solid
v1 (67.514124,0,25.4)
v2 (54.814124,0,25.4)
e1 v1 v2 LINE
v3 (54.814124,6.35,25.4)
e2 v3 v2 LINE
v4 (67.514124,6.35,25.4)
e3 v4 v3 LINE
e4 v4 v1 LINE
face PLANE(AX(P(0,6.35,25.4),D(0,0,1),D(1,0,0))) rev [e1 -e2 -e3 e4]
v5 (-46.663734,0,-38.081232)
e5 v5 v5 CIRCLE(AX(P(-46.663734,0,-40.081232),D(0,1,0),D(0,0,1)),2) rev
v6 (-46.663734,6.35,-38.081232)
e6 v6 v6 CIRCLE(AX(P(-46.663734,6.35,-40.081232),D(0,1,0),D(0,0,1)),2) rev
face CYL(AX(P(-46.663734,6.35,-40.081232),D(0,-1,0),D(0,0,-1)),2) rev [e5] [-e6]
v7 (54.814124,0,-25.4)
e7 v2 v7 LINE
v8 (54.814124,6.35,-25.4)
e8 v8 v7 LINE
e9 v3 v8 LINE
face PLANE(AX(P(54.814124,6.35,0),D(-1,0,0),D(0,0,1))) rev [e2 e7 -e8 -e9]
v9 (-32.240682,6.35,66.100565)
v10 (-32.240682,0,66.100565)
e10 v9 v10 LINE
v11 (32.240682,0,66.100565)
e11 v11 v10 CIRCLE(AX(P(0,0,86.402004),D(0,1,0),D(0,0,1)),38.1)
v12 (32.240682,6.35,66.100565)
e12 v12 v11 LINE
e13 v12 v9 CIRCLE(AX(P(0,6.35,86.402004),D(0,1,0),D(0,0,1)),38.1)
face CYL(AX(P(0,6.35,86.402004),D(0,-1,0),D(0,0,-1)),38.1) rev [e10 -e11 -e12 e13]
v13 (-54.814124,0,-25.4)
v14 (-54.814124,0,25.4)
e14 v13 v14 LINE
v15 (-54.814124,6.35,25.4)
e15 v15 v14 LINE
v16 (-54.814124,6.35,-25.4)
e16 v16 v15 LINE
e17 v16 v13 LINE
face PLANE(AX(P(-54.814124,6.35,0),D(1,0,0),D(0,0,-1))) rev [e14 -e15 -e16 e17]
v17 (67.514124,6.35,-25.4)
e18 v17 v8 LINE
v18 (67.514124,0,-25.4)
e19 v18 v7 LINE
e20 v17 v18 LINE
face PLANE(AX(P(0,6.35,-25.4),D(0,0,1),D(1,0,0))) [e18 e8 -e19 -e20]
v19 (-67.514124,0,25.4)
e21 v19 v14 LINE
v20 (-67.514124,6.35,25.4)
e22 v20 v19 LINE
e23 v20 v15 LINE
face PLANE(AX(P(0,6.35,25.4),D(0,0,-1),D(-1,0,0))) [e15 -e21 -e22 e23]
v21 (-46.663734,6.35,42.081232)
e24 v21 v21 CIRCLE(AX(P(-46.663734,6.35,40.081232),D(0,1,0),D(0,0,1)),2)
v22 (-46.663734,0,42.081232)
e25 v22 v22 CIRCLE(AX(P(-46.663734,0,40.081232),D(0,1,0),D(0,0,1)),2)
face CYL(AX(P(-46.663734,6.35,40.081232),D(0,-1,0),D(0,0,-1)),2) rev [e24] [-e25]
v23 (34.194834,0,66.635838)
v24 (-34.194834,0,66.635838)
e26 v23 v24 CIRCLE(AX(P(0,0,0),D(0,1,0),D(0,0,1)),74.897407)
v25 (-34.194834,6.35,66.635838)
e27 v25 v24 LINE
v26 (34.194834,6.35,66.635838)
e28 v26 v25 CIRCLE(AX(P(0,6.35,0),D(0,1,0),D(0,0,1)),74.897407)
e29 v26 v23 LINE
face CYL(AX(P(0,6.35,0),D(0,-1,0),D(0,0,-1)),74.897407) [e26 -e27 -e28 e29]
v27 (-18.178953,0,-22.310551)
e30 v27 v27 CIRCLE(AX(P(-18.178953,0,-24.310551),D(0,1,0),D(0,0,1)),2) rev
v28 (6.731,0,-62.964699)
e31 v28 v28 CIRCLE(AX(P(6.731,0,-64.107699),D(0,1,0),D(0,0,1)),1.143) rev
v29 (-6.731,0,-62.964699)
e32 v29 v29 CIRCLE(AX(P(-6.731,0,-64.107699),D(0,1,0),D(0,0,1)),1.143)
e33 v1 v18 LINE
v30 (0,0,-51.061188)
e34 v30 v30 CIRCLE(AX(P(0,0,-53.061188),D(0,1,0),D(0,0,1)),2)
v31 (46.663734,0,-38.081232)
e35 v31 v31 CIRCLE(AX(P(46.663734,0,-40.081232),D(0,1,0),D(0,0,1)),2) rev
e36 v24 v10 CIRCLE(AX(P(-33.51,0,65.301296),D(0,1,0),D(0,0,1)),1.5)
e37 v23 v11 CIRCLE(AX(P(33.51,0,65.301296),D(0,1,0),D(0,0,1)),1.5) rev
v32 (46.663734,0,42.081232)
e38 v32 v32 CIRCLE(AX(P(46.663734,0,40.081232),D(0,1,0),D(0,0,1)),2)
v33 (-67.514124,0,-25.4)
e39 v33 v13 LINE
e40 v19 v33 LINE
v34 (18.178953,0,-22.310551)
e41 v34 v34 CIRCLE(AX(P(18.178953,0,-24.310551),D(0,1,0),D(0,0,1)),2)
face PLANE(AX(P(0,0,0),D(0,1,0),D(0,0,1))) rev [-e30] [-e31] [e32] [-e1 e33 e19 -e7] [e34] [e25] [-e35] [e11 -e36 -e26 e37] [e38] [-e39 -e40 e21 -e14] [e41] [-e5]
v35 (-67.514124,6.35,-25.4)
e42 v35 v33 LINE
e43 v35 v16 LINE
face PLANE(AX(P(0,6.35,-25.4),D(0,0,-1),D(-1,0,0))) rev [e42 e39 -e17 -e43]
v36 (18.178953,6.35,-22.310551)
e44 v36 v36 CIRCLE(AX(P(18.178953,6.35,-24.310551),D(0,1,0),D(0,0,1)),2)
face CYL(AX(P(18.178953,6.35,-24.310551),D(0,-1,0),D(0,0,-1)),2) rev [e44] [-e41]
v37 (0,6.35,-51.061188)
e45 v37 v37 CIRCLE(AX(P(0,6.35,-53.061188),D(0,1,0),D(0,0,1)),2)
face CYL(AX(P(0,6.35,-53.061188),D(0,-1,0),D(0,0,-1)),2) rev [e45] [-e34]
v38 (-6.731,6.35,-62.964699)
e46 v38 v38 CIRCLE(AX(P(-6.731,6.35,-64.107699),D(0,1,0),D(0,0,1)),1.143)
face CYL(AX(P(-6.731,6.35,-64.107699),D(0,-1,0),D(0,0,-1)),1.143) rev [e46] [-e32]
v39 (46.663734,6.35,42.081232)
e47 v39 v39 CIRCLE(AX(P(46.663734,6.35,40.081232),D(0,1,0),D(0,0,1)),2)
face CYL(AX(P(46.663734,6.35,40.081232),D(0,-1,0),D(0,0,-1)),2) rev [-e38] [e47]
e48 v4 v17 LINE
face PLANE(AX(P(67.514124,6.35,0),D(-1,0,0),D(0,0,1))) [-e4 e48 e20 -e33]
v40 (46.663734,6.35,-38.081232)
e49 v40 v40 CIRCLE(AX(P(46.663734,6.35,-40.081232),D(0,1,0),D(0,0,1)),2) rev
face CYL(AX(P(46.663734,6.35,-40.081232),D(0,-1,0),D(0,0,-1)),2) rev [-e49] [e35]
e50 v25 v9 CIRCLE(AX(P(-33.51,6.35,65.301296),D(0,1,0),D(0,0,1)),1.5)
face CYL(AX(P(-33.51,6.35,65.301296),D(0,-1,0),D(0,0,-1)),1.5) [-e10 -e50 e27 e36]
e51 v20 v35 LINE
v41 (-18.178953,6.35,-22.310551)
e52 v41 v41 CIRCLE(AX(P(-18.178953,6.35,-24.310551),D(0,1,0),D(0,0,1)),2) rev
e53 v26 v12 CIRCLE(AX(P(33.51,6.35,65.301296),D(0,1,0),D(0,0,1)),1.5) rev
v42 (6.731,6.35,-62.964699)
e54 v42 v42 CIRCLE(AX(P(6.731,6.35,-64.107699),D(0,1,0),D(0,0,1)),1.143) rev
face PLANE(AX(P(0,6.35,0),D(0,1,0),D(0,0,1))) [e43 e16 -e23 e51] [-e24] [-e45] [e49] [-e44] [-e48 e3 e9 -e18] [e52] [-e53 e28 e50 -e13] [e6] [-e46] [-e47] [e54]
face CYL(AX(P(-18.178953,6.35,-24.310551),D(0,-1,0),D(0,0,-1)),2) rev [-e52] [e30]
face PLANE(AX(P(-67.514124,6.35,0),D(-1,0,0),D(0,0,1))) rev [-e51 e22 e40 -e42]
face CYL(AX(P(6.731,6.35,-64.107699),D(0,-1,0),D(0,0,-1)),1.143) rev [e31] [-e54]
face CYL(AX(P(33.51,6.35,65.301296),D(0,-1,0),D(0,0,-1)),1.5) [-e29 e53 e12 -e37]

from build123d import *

# Parameters (mm, degrees)
SKETCH1_R           = 2
SKETCH1_R_2         = 1.143
SKETCH1_W           = 12.7
SKETCH1_H           = 50.8
BOSS_EXTRUDE3_DEPTH = 6.35


with BuildPart() as part:
    # Sketch1 → Boss-Extrude3 (new body)
    with BuildSketch(Plane(origin=(0, 0, 0), x_dir=(1, 0, 0), z_dir=(0, 1, 0))):
        with BuildLine():
            ThreePointArc((32.240681933, -66.10056535), (0, -48.302004425), (-32.240681933, -66.10056535))
            ThreePointArc((-32.240681933, -66.10056535), (-33.11372382, -66.748004461), (-34.194833578, -66.63583839))
            ThreePointArc((-34.194833578, -66.63583839), (0, 74.897407173), (34.194833578, -66.63583839))
            ThreePointArc((34.194833578, -66.63583839), (33.11372382, -66.748004461), (32.240681933, -66.10056535))
        make_face()
        with Locations((-18.178952795, 24.310551096)):
            Circle(SKETCH1_R, mode=Mode.SUBTRACT)
        with Locations((-46.663733983, -40.081231883)):
            Circle(SKETCH1_R, mode=Mode.SUBTRACT)
        with Locations((46.663733983, -40.081231883)):
            Circle(SKETCH1_R, mode=Mode.SUBTRACT)
        with Locations((46.663733983, 40.081231883)):
            Circle(SKETCH1_R, mode=Mode.SUBTRACT)
        with Locations((-46.663733983, 40.081231883)):
            Circle(SKETCH1_R, mode=Mode.SUBTRACT)
        with Locations((-6.731, 64.107698843)):
            Circle(SKETCH1_R_2, mode=Mode.SUBTRACT)
        with Locations((6.731, 64.107698843)):
            Circle(SKETCH1_R_2, mode=Mode.SUBTRACT)
        with Locations((18.178952795, 24.310551096)):
            Circle(SKETCH1_R, mode=Mode.SUBTRACT)
        with Locations((0, 53.061187965)):
            Circle(SKETCH1_R, mode=Mode.SUBTRACT)
        with Locations((61.164123727, 0)):
            Rectangle(SKETCH1_W, SKETCH1_H, mode=Mode.SUBTRACT)
        with Locations((-61.164123727, 0)):
            Rectangle(SKETCH1_W, SKETCH1_H, mode=Mode.SUBTRACT)
    extrude(amount=BOSS_EXTRUDE3_DEPTH)


solid = part.part
